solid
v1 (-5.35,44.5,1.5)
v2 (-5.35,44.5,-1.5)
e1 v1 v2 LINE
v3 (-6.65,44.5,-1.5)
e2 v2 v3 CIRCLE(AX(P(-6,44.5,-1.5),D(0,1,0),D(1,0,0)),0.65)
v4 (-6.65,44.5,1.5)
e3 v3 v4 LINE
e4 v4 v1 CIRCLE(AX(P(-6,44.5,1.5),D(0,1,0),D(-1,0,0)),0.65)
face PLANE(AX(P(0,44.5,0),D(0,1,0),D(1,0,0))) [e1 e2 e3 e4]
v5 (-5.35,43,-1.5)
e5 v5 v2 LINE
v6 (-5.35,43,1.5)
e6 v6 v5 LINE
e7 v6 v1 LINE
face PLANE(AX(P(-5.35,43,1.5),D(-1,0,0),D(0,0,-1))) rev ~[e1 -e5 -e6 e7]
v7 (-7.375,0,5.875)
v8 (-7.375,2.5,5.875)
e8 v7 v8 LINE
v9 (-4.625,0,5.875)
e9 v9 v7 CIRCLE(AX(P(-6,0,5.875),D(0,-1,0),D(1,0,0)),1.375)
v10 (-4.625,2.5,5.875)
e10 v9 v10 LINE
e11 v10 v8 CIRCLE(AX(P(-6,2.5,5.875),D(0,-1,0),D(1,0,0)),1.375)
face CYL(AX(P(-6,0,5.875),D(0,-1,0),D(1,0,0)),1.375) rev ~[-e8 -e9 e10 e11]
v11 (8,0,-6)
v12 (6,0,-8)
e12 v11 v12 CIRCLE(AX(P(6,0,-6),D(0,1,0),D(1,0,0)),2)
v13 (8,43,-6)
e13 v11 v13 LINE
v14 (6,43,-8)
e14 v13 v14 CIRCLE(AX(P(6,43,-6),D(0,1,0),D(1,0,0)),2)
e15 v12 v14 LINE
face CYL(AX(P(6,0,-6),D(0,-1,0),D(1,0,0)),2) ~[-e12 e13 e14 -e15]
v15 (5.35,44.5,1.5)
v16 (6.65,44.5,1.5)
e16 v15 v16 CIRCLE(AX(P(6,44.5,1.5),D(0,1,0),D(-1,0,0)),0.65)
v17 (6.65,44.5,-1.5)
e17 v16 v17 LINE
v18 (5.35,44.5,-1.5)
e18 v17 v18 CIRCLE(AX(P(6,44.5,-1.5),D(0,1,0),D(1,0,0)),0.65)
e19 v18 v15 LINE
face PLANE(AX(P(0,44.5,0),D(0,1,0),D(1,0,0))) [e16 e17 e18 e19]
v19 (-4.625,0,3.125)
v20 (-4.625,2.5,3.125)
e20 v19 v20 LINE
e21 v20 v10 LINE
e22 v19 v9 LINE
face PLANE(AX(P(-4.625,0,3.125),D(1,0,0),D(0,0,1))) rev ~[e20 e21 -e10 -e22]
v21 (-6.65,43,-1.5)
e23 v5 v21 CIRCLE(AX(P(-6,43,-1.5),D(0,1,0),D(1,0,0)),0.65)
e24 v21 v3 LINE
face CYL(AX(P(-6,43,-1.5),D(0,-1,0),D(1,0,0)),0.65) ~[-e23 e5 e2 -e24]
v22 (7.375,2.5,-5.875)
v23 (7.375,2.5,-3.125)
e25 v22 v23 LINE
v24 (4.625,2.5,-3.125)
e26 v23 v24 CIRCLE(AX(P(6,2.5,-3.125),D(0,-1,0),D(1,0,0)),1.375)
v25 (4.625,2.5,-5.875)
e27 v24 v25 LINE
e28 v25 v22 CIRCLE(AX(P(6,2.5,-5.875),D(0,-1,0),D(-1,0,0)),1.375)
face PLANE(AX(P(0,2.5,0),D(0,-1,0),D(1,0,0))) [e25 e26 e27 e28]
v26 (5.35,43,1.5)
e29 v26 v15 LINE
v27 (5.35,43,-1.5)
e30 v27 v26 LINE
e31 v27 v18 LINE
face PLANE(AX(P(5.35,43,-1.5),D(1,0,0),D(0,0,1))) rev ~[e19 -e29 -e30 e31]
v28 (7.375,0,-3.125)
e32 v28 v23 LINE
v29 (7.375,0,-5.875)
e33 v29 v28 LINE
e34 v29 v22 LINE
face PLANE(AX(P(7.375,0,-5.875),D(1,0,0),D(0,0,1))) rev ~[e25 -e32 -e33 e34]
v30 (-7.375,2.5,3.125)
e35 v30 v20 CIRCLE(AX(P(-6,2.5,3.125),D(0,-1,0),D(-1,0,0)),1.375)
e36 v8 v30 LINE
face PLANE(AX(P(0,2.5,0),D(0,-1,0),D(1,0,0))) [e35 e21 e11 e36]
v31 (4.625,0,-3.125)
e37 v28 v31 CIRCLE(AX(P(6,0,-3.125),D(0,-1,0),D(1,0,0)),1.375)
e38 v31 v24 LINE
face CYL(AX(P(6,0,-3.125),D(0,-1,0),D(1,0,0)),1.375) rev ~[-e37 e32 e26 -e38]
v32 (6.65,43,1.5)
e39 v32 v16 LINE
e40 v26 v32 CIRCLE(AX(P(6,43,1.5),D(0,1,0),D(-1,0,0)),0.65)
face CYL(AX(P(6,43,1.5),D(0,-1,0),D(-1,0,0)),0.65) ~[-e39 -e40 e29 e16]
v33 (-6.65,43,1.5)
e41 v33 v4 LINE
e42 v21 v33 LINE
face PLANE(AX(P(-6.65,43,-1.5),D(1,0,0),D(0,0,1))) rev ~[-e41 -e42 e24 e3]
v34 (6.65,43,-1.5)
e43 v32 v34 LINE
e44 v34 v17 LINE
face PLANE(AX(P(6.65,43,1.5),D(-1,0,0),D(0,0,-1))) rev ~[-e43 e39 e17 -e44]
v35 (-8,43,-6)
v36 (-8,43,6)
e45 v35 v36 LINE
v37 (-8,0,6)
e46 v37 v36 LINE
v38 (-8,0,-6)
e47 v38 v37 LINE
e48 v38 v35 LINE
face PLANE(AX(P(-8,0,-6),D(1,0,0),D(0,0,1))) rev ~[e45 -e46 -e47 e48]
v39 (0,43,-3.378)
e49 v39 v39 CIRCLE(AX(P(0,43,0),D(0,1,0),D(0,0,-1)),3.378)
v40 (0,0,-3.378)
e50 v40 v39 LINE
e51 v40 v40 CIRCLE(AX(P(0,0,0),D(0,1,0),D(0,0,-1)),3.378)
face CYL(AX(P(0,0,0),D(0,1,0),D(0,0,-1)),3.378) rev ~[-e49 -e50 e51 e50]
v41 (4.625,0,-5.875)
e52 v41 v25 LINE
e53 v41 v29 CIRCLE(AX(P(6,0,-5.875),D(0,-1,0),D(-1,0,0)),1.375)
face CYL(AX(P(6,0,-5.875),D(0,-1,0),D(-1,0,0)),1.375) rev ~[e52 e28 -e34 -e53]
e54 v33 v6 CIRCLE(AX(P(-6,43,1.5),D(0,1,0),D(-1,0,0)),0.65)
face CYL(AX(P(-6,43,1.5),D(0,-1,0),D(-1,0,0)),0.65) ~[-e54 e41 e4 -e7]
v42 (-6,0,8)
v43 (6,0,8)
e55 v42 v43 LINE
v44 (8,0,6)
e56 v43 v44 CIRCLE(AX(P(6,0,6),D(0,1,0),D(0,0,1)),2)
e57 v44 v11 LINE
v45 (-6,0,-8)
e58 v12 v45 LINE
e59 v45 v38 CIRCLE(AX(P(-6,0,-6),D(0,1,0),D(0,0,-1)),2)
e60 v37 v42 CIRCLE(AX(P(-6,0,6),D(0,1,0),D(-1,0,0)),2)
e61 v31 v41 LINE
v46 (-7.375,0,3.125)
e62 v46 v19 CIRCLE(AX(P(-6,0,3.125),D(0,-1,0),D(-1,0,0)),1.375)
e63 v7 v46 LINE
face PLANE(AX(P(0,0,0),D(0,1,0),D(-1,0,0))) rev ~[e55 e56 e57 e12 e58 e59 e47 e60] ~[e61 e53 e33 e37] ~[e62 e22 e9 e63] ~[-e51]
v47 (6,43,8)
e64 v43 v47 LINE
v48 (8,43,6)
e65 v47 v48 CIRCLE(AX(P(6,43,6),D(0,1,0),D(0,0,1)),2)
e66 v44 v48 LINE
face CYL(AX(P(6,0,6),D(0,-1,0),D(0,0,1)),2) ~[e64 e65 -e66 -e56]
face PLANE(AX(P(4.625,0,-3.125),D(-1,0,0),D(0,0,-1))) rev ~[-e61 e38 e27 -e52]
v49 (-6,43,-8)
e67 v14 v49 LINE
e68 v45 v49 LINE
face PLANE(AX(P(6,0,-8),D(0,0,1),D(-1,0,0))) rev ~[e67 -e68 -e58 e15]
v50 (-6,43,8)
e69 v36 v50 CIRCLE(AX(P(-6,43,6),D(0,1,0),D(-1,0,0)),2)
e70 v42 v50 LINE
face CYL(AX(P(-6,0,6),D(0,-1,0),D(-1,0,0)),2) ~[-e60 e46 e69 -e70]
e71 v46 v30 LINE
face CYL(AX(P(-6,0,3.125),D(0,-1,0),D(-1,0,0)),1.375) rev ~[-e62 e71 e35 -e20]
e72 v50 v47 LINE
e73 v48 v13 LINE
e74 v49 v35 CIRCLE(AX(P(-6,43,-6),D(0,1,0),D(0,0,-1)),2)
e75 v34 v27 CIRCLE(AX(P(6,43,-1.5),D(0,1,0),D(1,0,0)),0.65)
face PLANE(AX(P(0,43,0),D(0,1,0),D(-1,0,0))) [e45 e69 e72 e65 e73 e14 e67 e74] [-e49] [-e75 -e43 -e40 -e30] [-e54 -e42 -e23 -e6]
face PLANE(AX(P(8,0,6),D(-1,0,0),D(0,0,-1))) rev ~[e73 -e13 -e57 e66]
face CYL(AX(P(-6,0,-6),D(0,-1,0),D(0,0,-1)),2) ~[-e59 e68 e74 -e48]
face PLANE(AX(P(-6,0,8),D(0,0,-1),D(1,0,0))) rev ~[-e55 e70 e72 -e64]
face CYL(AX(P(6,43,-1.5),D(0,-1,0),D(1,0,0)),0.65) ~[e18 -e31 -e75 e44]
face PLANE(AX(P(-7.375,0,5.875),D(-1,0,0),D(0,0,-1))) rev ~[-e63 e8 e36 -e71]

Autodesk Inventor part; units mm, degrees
ref_plane "YZ Plane" through (0, 0, 0) normal (1, 0, 0) x (0, 1, 0)
ref_plane "XZ Plane" through (0, 0, 0) normal (0, 1, 0) x (-1, 0, 0)
ref_plane "XY Plane" through (0, 0, 0) normal (0, 0, 1) x (1, 0, 0)
sketch "Sketch1" plane through (0, 0, 0) normal (0, 1, 0) x (-1, 0, 0)
  line L0 (6, 8) -> (-6, 8)
  line L1 (-8, 6) -> (-8, -6)
  line L2 (-6, -8) -> (6, -8)
  line L3 (8, -6) -> (8, 6)
  arc A0 (8, 6) -> (6, 8) centre (6, 6) ccw
  arc A1 (-6, 8) -> (-8, 6) centre (-6, 6) ccw
  arc A2 (-8, -6) -> (-6, -8) centre (-6, -6) ccw
  arc A3 (6, -8) -> (8, -6) centre (6, -6) ccw
  point P0 (0, 0)
  point P1 (8, 8)
  point P2 (-8, 8)
  point P3 (8, -8)
  dimension "d0" = 16
  dimension "d1" = 16
  dimension "d2" = 8
  dimension "d3" = 8
  dimension "d4" = 2
extrude "Extrusion1" add sketch "Sketch1" along normal blind 43
sketch "Sketch2" plane through (0, 0, 0) normal (0, -1, 0) x (1, 0, 0)
  line L0 (-6, 5.875) -> (-6, 3.125) construction
  line L1 (-7.375, 5.875) -> (-7.375, 3.125)
  line L2 (-4.625, 3.125) -> (-4.625, 5.875)
  arc A0 (-4.625, 5.875) -> (-7.375, 5.875) centre (-6, 5.875) ccw
  arc A1 (-7.375, 3.125) -> (-4.625, 3.125) centre (-6, 3.125) ccw
  line L3 (6, -3.125) -> (6, -5.875) construction
  line L4 (4.625, -3.125) -> (4.625, -5.875)
  line L5 (7.375, -5.875) -> (7.375, -3.125)
  arc A2 (7.375, -3.125) -> (4.625, -3.125) centre (6, -3.125) ccw
  arc A3 (4.625, -5.875) -> (7.375, -5.875) centre (6, -5.875) ccw
  point P0 (0, 0)
  point P1 (0, 0)
  point P2 (-6, 4.5)
  point P3 (6, -4.5)
  dimension "d7" = 2.75
  dimension "d8" = 12
  dimension "d9" = 6
  dimension "d10" = 9
  dimension "d11" = 4.5
  dimension "d12" = 2.75
  dimension "d13" = 2.75
  dimension "d14" = 2.75
extrude "Extrusion2" cut sketch "Sketch2" against normal blind 2.5
hole "Hole1" at (0, 0, 0) direction (0, 1, 0) diameter 6.756 end through all clearance for "Flat Head Machine Screw (82)" size "1/4" standard "Ansi Unified Screw Threads"
sketch "Sketch3" plane through (0, 43, 0) normal (0, 1, 0) x (1, 0, 0)
  line L0 (-6, 1.5) -> (-6, -1.5) construction
  line L1 (-6.65, 1.5) -> (-6.65, -1.5)
  line L2 (-5.35, -1.5) -> (-5.35, 1.5)
  arc A0 (-5.35, 1.5) -> (-6.65, 1.5) centre (-6, 1.5) ccw
  arc A1 (-6.65, -1.5) -> (-5.35, -1.5) centre (-6, -1.5) ccw
  line L3 (6, 1.5) -> (6, -1.5) construction
  line L4 (5.35, 1.5) -> (5.35, -1.5)
  line L5 (6.65, -1.5) -> (6.65, 1.5)
  arc A2 (6.65, 1.5) -> (5.35, 1.5) centre (6, 1.5) ccw
  arc A3 (5.35, -1.5) -> (6.65, -1.5) centre (6, -1.5) ccw
  line L6 (-6, 0) -> (6, 0) construction
  line L7 (6, 8) -> (-6, 8) projected
  point P0 (0, 0)
  dimension "d25" = 0.65
  dimension "d26" = 0.65
  dimension "d27" = 3
  dimension "d29" = 0
  dimension "d30" = 12
  dimension "d31" = 6
  dimension "d32" = 3
extrude "Extrusion3" add sketch "Sketch3" along normal blind 1.5
equation "\"d1\" = d0"
equation "\"d2\" = 0.5 * d0"
equation "\"d3\" = d2"
equation "\"d9\" = 0.5 * d8"
equation "\"d11\" = 0.5 * d10"
equation "\"d12\" = d7"
equation "\"d13\" = d7"
equation "\"d14\" = d7"
equation "\"d26\" = d25"
equation "\"d27\" = d32"
equation "\"d31\" = 0.5 * d30"
properties part number "Camera Mount 30mm"
